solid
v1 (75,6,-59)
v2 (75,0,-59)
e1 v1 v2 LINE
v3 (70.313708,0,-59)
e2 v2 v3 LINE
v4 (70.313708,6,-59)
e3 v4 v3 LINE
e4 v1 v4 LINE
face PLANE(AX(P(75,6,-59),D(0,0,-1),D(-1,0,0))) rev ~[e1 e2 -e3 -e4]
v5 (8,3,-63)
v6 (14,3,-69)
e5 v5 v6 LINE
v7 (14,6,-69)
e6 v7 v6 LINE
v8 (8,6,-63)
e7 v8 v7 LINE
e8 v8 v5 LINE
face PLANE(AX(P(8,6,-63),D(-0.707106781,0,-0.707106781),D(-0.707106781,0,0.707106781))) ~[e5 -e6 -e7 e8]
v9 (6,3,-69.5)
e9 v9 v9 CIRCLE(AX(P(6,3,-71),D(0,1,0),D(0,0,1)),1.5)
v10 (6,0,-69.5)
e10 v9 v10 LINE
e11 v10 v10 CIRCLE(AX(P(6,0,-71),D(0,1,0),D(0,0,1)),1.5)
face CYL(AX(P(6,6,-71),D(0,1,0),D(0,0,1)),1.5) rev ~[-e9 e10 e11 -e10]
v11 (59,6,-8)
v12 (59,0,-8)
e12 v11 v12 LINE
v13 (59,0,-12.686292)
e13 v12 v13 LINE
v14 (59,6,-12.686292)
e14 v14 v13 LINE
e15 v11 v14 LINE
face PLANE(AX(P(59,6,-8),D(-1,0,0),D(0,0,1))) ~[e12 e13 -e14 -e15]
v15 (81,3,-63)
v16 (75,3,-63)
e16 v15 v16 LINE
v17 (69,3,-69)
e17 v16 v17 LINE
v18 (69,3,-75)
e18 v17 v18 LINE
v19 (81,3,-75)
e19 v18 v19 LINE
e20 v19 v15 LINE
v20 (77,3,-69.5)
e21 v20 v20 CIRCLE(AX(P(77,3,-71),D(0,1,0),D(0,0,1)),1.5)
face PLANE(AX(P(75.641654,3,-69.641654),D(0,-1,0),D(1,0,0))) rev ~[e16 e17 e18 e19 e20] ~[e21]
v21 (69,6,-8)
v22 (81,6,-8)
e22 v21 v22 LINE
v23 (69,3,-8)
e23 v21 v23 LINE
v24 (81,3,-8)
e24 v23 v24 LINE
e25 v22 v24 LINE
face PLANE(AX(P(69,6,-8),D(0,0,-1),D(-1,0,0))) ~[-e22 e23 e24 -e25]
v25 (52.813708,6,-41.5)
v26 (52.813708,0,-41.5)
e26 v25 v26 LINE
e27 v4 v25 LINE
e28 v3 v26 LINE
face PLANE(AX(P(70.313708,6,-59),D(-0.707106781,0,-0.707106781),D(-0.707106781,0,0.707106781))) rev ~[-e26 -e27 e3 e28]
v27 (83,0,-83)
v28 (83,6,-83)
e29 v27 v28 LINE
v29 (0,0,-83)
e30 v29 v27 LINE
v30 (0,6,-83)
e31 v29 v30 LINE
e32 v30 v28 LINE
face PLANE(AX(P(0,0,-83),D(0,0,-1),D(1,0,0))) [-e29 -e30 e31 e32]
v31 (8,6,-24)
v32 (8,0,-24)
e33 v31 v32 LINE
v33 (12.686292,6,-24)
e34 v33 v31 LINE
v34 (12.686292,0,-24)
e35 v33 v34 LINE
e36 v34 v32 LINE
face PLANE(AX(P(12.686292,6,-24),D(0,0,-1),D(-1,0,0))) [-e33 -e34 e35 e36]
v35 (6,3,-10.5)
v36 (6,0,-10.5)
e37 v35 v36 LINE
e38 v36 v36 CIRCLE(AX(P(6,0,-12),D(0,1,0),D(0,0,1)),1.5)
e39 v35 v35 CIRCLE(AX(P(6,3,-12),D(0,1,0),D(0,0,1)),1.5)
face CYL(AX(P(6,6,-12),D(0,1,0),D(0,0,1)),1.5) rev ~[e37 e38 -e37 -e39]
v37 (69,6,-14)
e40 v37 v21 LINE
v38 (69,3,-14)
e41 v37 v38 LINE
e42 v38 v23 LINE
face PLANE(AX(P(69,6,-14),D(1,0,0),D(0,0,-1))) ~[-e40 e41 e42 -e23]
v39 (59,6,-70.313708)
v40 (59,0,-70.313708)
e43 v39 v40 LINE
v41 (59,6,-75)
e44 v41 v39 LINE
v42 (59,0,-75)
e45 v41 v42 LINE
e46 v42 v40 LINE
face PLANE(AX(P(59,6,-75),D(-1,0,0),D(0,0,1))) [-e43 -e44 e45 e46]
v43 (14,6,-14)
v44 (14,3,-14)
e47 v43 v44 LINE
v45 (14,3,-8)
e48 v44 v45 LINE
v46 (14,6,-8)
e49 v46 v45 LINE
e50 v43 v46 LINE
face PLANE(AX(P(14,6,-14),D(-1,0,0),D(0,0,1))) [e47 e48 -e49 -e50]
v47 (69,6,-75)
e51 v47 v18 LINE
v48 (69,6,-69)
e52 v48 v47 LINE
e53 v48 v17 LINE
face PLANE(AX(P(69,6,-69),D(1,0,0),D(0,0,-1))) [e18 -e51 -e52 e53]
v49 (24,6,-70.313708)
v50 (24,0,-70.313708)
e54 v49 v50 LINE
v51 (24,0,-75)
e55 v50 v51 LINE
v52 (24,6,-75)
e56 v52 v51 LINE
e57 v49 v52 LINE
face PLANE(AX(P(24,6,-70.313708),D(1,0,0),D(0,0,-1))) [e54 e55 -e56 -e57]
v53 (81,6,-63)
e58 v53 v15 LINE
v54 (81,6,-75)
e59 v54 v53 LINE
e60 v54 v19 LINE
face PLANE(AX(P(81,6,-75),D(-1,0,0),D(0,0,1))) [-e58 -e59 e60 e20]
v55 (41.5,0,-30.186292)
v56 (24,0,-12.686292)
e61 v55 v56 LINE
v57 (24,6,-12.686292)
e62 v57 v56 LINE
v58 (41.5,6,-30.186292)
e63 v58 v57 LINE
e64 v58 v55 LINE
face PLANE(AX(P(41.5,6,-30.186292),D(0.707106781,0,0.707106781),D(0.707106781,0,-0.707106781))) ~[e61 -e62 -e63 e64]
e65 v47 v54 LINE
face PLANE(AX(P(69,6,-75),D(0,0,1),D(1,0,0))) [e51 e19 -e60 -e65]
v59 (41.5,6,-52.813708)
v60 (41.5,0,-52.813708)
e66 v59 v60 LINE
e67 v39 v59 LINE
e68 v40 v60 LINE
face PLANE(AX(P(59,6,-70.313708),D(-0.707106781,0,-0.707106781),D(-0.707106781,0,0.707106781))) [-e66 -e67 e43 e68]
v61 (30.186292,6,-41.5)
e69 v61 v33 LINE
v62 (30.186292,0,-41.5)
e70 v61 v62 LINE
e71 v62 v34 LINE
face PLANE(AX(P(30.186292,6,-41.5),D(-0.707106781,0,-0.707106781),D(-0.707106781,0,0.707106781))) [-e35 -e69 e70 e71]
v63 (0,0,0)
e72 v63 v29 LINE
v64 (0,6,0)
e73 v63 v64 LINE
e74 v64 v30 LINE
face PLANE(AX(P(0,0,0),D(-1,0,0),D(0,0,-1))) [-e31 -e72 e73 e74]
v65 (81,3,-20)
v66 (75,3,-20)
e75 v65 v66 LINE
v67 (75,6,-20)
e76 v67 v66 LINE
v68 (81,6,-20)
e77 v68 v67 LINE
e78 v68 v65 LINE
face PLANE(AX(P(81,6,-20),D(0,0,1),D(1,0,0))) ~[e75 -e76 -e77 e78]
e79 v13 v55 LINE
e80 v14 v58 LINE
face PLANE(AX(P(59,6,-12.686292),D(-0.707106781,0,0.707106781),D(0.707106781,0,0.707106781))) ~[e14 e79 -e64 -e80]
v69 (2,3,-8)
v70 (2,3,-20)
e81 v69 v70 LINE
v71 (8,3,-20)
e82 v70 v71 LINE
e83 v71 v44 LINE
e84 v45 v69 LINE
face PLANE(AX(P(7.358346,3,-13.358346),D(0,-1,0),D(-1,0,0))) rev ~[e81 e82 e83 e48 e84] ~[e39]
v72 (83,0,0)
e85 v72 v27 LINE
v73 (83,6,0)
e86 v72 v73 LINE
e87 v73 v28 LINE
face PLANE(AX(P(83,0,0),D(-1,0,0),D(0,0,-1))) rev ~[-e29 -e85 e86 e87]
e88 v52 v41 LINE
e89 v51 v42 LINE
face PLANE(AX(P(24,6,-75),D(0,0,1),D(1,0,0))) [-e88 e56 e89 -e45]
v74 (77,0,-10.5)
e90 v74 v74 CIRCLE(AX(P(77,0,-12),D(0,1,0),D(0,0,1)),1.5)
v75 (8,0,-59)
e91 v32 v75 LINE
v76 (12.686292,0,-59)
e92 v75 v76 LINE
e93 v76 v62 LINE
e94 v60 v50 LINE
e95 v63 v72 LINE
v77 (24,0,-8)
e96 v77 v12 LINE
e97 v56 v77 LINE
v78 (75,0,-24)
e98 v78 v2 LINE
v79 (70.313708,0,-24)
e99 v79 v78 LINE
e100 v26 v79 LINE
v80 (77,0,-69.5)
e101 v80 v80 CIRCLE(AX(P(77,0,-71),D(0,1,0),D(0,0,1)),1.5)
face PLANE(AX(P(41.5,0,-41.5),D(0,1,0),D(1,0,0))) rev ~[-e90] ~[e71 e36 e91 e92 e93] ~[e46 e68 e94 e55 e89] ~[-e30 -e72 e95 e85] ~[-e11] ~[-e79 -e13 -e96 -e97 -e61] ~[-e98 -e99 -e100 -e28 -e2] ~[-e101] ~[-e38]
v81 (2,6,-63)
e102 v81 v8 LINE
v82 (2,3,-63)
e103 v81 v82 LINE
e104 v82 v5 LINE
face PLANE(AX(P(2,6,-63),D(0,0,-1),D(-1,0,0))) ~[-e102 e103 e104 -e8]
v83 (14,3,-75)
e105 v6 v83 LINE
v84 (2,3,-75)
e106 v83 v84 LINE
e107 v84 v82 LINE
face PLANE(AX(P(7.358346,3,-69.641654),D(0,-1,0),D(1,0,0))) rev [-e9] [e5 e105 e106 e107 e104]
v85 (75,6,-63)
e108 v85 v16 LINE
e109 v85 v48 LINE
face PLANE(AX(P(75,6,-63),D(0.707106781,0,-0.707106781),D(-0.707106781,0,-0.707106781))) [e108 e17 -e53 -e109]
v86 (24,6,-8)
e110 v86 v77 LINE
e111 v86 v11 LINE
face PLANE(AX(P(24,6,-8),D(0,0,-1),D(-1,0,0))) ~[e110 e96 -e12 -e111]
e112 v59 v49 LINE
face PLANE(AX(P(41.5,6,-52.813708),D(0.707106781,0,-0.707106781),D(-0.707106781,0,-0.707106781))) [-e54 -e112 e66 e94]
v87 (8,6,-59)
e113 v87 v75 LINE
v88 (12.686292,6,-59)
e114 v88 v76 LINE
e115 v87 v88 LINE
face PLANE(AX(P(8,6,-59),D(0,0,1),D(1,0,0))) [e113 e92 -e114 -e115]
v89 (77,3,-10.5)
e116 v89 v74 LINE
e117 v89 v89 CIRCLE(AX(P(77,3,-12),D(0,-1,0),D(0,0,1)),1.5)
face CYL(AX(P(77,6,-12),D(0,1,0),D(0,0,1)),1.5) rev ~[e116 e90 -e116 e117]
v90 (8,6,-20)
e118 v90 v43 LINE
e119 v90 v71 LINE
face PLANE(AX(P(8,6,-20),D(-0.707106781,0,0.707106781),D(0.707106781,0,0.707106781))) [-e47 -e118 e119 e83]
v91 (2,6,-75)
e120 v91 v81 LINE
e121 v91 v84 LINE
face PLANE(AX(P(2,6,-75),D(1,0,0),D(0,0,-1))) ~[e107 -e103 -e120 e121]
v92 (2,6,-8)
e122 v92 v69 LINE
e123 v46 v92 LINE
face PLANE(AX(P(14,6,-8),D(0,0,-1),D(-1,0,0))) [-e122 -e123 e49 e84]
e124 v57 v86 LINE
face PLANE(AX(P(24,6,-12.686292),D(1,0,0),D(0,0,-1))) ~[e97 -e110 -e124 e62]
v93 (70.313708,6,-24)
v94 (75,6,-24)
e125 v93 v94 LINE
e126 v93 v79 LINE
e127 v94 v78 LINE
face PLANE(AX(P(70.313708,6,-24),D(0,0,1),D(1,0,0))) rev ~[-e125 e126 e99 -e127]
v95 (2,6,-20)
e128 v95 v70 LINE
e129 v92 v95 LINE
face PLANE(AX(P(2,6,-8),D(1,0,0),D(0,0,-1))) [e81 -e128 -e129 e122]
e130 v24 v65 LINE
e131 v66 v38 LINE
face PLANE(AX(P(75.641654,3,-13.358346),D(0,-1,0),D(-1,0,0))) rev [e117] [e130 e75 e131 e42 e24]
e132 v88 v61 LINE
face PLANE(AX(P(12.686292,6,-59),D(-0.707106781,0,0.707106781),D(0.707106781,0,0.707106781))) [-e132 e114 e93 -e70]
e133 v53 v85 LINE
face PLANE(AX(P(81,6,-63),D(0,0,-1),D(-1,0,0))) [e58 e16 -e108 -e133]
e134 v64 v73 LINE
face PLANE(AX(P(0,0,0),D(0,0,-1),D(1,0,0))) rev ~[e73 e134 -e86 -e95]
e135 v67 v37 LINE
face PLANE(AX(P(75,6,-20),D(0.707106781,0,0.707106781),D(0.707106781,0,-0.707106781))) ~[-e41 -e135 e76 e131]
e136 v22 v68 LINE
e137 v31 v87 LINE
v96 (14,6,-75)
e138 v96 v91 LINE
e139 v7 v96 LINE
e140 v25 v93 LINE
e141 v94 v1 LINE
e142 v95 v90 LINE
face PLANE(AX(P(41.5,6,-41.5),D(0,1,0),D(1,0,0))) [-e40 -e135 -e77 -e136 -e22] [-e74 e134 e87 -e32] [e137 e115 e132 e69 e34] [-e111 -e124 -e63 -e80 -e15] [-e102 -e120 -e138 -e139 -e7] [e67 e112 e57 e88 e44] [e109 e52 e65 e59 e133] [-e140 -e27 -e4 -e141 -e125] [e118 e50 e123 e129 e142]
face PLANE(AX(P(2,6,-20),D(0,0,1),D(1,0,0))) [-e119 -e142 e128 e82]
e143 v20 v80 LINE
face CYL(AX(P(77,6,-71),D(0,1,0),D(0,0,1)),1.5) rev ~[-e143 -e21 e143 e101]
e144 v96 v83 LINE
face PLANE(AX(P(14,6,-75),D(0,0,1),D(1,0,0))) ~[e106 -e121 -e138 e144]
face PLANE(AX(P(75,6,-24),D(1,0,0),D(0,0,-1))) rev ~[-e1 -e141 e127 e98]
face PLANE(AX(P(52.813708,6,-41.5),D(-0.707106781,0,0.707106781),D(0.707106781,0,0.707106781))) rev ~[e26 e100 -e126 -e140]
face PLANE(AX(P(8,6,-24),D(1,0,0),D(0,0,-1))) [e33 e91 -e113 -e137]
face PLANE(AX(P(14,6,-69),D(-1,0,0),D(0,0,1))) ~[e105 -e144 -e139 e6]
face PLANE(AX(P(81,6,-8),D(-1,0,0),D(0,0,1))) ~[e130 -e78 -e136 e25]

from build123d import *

# Parameters (mm, degrees)
SKETCH1_W                = 83
SKETCH1_H                = 83
BOSS_EXTRUDE1_DEPTH      = 6
SKETCH2_R                = 1.5
CUT_EXTRUDE1_DEPTH       = 118.532974097
CUT_EXTRUDE2_DEPTH       = 118.532974097
CIRPATTERN1_COUNT        = 3
CIRPATTERN1_ANGLE        = 180
CIRPATTERN1_COPY_1_DEPTH = 118.532974097
CIRPATTERN1_COPY_2_DEPTH = 118.532974097
SKETCH4_R                = 1.5
CUT_EXTRUDE4_DEPTH       = 3
MIRROR3_COPY_1_SKETCH_R  = 1.5
MIRROR3_COPY_1_DEPTH     = 3


with BuildPart() as part:
    # Sketch1 → Boss-Extrude1 (new body)
    with BuildSketch(Plane(origin=(0, 0, 0), x_dir=(1, 0, 0), z_dir=(0, 1, 0))):
        with Locations((41.5, 41.5)):
            Rectangle(SKETCH1_W, SKETCH1_H)
    extrude(amount=BOSS_EXTRUDE1_DEPTH)

    # Sketch2 → Cut-Extrude1 (cut, through all)
    with BuildSketch(Plane(origin=(0, 6, 0), x_dir=(1, 0, 0), z_dir=(0, 1, 0))):
        with Locations(Location((6, 71, 0), (0, 0, 270))):
            Circle(SKETCH2_R)
        with Locations(Location((6, 12, 0), (0, 0, 270))):
            Circle(SKETCH2_R)
        with Locations(Location((77, 12, 0), (0, 0, 270))):
            Circle(SKETCH2_R)
        with Locations(Location((77, 71, 0), (0, 0, 270))):
            Circle(SKETCH2_R)
    extrude(amount=-CUT_EXTRUDE1_DEPTH, mode=Mode.SUBTRACT)

    # Sketch3 → Cut-Extrude2 (cut, through all)
    with BuildSketch(Plane(origin=(0, 6, 0), x_dir=(1, 0, 0), z_dir=(0, 1, 0))):
        Polygon((24, 75), (59, 75), (59, 70.313708499), (41.5, 52.813708499), (24, 70.313708499), align=None)
    cut_extrude2 = extrude(amount=-CUT_EXTRUDE2_DEPTH, mode=Mode.SUBTRACT)

    # Mirror1: Cut-Extrude2 across plane
    add(cut_extrude2.mirror(Plane.XY.offset(-41.5)), mode=Mode.SUBTRACT)

    # CirPattern1: Cut-Extrude2 ×3 about axis
    cirpattern1_axis = Axis((41.5, 0, -41.5), (0, 1, 0))
    for i in range(1, CIRPATTERN1_COUNT):
        add(cut_extrude2.rotate(cirpattern1_axis, i * CIRPATTERN1_ANGLE / (CIRPATTERN1_COUNT - 1)), mode=Mode.SUBTRACT)

    # CirPattern1 copy 1 sketch → CirPattern1 copy 1 (cut, through all)
    with BuildSketch(Plane(origin=(0, 6, 0), x_dir=(0, 0, -1), z_dir=(0, 1, 0))):
        Polygon((24, -75), (59, -75), (59, -70.313708499), (41.5, -52.813708499), (24, -70.313708499), align=None)
    extrude(amount=-CIRPATTERN1_COPY_1_DEPTH, mode=Mode.SUBTRACT)

    # CirPattern1 copy 2 sketch → CirPattern1 copy 2 (cut, through all)
    with BuildSketch(Plane(origin=(83, 6, 0), x_dir=(-1, 0, 0), z_dir=(0, 1, 0))):
        Polygon((24, -75), (59, -75), (59, -70.313708499), (41.5, -52.813708499), (24, -70.313708499), align=None)
    extrude(amount=-CIRPATTERN1_COPY_2_DEPTH, mode=Mode.SUBTRACT)

    # Sketch4 → Cut-Extrude4 (cut)
    with BuildSketch(Plane(origin=(0, 6, 0), x_dir=(1, 0, 0), z_dir=(0, 1, 0))):
        Polygon((14, 14), (14, 8), (2, 8), (2, 20), (8, 20), align=None)
        with Locations(Location((6, 12, 0), (0, 0, 270))):
            Circle(SKETCH4_R, mode=Mode.SUBTRACT)
    cut_extrude4 = extrude(amount=-CUT_EXTRUDE4_DEPTH, mode=Mode.SUBTRACT)

    # Mirror2: Cut-Extrude4 across plane
    add(cut_extrude4.mirror(Plane.XY.offset(-41.5)), mode=Mode.SUBTRACT)

    # Mirror3: Cut-Extrude4 across plane
    add(cut_extrude4.mirror(Plane.ZY.offset(-41.5)), mode=Mode.SUBTRACT)

    # Mirror3 copy 1 sketch → Mirror3 copy 1 (cut)
    with BuildSketch(Plane(origin=(83, 6, -83), x_dir=(-1, 0, 0), z_dir=(0, 1, 0))):
        Polygon((14, 14), (14, 8), (2, 8), (2, 20), (8, 20), align=None)
        with Locations(Location((6, 12, 0), (0, 0, 270))):
            Circle(MIRROR3_COPY_1_SKETCH_R, mode=Mode.SUBTRACT)
    extrude(amount=-MIRROR3_COPY_1_DEPTH, mode=Mode.SUBTRACT)


solid = part.part
